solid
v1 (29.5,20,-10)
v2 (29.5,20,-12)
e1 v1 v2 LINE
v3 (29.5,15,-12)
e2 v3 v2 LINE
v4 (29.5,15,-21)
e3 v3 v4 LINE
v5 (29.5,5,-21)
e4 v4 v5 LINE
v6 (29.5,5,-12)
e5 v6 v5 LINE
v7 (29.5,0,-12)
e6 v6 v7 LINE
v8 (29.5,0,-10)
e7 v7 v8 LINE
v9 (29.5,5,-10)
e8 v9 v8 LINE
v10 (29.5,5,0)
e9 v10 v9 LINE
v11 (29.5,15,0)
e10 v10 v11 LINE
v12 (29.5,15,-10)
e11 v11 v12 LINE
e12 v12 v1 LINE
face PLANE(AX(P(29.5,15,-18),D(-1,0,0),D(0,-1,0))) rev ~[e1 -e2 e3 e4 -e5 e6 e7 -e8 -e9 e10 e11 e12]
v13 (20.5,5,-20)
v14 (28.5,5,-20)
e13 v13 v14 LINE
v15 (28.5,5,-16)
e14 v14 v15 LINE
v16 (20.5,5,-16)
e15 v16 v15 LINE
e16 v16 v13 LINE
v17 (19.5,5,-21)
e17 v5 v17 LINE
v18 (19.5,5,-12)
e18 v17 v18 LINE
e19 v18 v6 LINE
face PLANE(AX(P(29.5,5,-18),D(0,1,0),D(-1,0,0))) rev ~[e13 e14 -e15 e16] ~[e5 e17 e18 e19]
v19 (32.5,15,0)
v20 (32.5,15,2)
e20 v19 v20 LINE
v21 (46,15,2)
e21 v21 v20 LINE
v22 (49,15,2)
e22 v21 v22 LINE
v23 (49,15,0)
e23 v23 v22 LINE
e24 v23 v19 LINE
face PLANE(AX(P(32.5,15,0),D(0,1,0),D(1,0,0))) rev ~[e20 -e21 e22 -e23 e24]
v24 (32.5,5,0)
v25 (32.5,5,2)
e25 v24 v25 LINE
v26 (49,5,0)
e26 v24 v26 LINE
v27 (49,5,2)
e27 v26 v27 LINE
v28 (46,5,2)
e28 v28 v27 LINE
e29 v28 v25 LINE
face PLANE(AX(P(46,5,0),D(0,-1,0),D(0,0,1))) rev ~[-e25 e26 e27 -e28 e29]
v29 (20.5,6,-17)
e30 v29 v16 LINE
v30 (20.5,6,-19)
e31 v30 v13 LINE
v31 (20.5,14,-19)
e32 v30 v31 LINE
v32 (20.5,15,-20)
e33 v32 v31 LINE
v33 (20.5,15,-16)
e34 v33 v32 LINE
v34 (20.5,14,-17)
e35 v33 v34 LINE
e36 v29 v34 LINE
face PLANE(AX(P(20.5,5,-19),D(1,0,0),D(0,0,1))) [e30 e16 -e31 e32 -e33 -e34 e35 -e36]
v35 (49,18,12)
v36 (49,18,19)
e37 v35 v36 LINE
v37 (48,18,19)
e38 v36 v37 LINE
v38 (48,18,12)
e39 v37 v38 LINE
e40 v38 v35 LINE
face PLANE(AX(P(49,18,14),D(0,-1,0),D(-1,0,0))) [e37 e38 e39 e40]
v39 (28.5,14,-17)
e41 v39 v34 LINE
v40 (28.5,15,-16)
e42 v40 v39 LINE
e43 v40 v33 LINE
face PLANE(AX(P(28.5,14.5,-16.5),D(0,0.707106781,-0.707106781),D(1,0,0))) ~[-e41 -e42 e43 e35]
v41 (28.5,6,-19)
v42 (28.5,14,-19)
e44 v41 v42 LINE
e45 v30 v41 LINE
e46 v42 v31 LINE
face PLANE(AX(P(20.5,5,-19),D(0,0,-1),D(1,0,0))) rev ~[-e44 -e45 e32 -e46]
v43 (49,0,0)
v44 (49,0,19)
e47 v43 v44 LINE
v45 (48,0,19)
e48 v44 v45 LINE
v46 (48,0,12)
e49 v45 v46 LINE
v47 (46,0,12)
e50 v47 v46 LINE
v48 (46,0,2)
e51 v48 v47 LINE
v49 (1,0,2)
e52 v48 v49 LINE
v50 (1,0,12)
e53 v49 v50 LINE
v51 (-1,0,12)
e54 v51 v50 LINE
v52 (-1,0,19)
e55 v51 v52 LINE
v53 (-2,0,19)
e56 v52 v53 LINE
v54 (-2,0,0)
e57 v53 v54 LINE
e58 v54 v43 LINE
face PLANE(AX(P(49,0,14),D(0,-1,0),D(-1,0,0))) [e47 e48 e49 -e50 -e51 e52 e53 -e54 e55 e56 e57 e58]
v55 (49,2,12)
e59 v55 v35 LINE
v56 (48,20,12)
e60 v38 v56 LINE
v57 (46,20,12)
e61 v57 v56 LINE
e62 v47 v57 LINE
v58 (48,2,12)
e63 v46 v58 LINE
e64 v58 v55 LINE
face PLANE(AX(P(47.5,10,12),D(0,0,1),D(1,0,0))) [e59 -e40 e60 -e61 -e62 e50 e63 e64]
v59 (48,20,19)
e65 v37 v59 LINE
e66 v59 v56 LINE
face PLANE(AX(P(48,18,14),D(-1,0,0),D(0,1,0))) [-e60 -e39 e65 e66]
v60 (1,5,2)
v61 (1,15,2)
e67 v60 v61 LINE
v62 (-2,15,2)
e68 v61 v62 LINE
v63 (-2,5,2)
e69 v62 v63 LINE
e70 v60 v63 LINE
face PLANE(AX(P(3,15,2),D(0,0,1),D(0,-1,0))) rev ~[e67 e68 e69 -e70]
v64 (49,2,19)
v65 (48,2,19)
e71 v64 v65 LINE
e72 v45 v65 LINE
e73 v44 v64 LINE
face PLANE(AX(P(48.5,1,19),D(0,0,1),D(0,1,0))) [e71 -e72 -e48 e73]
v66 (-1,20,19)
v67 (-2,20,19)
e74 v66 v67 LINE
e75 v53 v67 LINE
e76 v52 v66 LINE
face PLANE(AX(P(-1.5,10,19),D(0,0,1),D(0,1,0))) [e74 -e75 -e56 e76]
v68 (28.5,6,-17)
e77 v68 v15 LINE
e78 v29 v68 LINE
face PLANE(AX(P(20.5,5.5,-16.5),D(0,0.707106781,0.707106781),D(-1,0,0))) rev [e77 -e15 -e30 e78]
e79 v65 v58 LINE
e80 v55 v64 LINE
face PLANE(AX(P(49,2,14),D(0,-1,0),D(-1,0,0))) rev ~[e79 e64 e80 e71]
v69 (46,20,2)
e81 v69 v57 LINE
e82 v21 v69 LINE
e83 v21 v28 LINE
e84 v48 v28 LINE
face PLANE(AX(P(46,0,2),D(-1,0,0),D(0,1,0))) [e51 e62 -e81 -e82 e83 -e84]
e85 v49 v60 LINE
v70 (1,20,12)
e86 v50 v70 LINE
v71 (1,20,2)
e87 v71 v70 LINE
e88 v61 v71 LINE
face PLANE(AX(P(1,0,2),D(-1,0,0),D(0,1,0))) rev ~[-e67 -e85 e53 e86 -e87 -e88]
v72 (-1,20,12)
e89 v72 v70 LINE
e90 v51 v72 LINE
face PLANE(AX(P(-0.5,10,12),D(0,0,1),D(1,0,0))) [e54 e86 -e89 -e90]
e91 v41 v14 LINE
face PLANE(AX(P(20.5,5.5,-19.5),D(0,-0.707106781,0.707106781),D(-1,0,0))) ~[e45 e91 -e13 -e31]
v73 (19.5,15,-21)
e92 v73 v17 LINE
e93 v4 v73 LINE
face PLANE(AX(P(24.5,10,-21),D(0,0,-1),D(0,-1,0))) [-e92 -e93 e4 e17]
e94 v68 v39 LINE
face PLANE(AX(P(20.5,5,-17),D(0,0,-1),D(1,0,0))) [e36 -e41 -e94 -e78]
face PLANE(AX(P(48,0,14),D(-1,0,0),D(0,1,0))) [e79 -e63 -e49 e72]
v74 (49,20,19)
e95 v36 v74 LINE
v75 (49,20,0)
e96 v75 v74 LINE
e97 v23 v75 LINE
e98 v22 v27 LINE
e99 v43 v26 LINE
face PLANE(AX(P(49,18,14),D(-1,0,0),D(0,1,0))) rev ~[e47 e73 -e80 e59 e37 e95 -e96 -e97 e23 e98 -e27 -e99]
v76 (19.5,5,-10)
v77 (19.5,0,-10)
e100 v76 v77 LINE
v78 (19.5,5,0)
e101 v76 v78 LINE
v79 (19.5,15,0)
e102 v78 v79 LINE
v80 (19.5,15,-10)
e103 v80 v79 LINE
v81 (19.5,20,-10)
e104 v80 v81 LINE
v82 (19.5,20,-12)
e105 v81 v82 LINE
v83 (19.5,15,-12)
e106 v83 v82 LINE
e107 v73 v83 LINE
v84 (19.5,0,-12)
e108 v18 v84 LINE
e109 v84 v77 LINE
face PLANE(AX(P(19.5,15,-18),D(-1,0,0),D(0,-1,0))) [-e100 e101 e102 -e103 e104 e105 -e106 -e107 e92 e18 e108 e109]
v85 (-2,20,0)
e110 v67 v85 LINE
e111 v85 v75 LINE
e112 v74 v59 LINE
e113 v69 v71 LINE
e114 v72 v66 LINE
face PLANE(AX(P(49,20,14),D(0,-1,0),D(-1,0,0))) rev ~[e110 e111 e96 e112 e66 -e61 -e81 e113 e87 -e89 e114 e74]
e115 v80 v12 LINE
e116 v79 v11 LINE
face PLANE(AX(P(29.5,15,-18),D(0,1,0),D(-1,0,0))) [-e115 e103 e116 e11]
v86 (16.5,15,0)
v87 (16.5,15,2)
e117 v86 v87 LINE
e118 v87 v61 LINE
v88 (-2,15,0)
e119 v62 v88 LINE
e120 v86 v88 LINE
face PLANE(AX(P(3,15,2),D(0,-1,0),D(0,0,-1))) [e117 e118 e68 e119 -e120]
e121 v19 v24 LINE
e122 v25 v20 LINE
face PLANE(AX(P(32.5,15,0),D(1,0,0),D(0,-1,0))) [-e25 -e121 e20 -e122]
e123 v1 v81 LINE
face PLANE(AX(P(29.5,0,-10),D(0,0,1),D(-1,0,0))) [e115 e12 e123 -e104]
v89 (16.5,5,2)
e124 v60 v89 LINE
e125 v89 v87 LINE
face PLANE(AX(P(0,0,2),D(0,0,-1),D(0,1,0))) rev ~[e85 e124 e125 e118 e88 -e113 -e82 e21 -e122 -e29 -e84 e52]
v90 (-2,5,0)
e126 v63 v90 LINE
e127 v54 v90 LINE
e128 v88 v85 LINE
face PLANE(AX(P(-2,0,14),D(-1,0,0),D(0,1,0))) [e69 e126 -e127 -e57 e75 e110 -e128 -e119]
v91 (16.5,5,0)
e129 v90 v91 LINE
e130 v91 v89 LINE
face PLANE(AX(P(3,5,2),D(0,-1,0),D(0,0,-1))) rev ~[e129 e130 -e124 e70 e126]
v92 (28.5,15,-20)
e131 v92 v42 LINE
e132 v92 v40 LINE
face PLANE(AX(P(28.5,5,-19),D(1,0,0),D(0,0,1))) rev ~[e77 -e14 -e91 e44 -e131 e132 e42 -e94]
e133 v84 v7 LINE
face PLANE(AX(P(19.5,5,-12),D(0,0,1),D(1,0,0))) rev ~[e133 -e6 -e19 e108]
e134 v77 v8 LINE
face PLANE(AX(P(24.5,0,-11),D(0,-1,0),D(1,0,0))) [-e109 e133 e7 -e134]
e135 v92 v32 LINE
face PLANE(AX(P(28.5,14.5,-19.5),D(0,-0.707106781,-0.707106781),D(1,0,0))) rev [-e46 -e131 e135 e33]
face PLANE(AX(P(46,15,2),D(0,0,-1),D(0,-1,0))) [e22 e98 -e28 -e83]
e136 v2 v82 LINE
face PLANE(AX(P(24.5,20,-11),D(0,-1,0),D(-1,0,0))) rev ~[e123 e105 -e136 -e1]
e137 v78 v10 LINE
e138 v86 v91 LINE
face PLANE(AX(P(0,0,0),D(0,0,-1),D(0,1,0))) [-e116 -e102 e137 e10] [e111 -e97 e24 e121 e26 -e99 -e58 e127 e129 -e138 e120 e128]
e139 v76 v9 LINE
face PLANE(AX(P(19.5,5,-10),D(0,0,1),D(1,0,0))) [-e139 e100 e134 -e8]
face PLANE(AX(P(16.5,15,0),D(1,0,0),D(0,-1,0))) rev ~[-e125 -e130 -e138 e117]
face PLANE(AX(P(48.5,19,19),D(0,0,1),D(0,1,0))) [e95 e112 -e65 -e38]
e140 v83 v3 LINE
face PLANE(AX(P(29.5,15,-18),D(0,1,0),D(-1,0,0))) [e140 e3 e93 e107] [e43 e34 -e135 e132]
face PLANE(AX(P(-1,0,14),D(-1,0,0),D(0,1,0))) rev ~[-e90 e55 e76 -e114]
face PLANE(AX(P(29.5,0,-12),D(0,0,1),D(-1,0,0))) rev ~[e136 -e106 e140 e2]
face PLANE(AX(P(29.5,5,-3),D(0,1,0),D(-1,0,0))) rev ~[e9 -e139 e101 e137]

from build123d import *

# Parameters (mm, degrees)
SKETCH_W           = 49
SKETCH_H           = 20
PAD_DEPTH          = 2
SKETCH001_W        = 10
SKETCH001_H        = 10
PAD001_DEPTH       = 5
SKETCH002_W        = 13.5
SKETCH002_H        = 10
POCKET_DEPTH       = 5
SKETCH003_W        = 3
SKETCH003_H        = 20
PAD002_DEPTH       = 10
SKETCH004_W        = 1
SKETCH004_H        = 2
PAD003_DEPTH       = 2
PAD003_FACE1_W     = 20
PAD003_FACE1_H     = 2
PAD004_DEPTH       = 2
SKETCH005_W        = 3
SKETCH005_H        = 20
PAD005_DEPTH       = 10
SKETCH006_W        = 1
SKETCH006_H        = 20
PAD006_DEPTH       = 2
PAD006_FACE9_W     = 10
PAD006_FACE9_H     = 2
POCKET001_DEPTH    = 5
SKETCH007_W        = 10
SKETCH007_H        = 2
POCKET002_DEPTH    = 5
POCKET002_FACE22_W = 20
POCKET002_FACE22_H = 1
PAD007_DEPTH       = 5
PAD007_FACE13_W    = 2
PAD007_FACE13_H    = 1
PAD008_DEPTH       = 5
PAD008_FACE22_W    = 2
PAD008_FACE22_H    = 1
PAD009_DEPTH       = 5
PAD009_FACE26_W    = 10
PAD009_FACE26_H    = 10
PAD010_DEPTH       = 15
SKETCH009_W        = 10
SKETCH009_H        = 2
PAD011_DEPTH       = 5
PAD011_FACE29_W    = 10
PAD011_FACE29_H    = 10
PAD012_DEPTH       = 3
SKETCH010_W        = 8
SKETCH010_H        = 2
POCKET003_DEPTH    = 15.001
CHAMFER_SIZE       = 1
CHAMFER_FACE27_W   = 10
CHAMFER_FACE27_H   = 2
PAD013_DEPTH       = 20


with BuildPart() as part:
    # Sketch → Pad (new body)
    with BuildSketch(Plane.XY):
        with Locations((24.5, 10)):
            Rectangle(SKETCH_W, SKETCH_H)
    extrude(amount=PAD_DEPTH)

    # Sketch001 (on Face6 of Pad) → Pad001 (join)
    with BuildSketch(Plane.XY.offset(2)):
        with Locations((24.5, 10)):
            Rectangle(SKETCH001_W, SKETCH001_H)
    extrude(amount=-PAD001_DEPTH)

    # Sketch002 (on Face4 of Pad001) → Pocket (cut)
    with BuildSketch(Plane(origin=(0, 0, 0), x_dir=(1, 0, 0), z_dir=(0, 0, -1))):
        with Locations((39.25, -10)):
            Rectangle(SKETCH002_W, SKETCH002_H)
        with Locations((9.75, -10)):
            Rectangle(SKETCH002_W, SKETCH002_H)
    extrude(amount=-POCKET_DEPTH, mode=Mode.SUBTRACT)

    # Sketch003 (on Face5 of Pocket) → Pad002 (join)
    with BuildSketch(Plane.XY.offset(2)):
        with Locations((47.5, 10)):
            Rectangle(SKETCH003_W, SKETCH003_H)
    extrude(amount=PAD002_DEPTH)

    # Sketch004 (on Face17 of Pad002) → Pad003 (join)
    with BuildSketch(Plane.XY.offset(12)):
        with Locations((48.5, 19)):
            Rectangle(SKETCH004_W, SKETCH004_H)
        with Locations((48.5, 1)):
            Rectangle(SKETCH004_W, SKETCH004_H)
    extrude(amount=PAD003_DEPTH)

    # Pad003 Face1 → Pad004 (add)
    with BuildSketch(Plane(origin=(0, 10, 1), x_dir=(0, 1, 0), z_dir=(-1, 0, 0))):
        Rectangle(PAD003_FACE1_W, PAD003_FACE1_H)
    extrude(amount=PAD004_DEPTH)

    # Sketch005 (on Face26 of Pad004) → Pad005 (join)
    with BuildSketch(Plane.XY.offset(2)):
        with Locations((-0.5, 10)):
            Rectangle(SKETCH005_W, SKETCH005_H)
    extrude(amount=PAD005_DEPTH)

    # Sketch006 (on Face22 of Pad005) → Pad006 (join)
    with BuildSketch(Plane.XY.offset(12)):
        with Locations((-1.5, 10)):
            Rectangle(SKETCH006_W, SKETCH006_H)
    extrude(amount=PAD006_DEPTH)

    # Pad006 Face9 → Pocket001 (cut)
    with BuildSketch(Plane(origin=(3, 10, 1), x_dir=(0, -1, 0), z_dir=(1, 0, 0))):
        Rectangle(PAD006_FACE9_W, PAD006_FACE9_H)
    extrude(amount=-POCKET001_DEPTH, mode=Mode.SUBTRACT)

    # Sketch007 (on Face8 of Pocket001) → Pocket002 (cut)
    with BuildSketch(Plane(origin=(46, 0, 0), x_dir=(0, -1, 0), z_dir=(-1, 0, 0))):
        with Locations((-10, 1)):
            Rectangle(SKETCH007_W, SKETCH007_H)
    extrude(amount=-POCKET002_DEPTH, mode=Mode.SUBTRACT)

    # Pocket002 Face22 → Pad007 (add)
    with BuildSketch(Plane(origin=(-1.5, 10, 14), x_dir=(0, 1, 0), z_dir=(0, 0, 1))):
        Rectangle(POCKET002_FACE22_W, POCKET002_FACE22_H)
    extrude(amount=PAD007_DEPTH)

    # Pad007 Face13 → Pad008 (add)
    with BuildSketch(Plane(origin=(48.5, 1, 14), x_dir=(0, 1, 0), z_dir=(0, 0, 1))):
        Rectangle(PAD007_FACE13_W, PAD007_FACE13_H)
    extrude(amount=PAD008_DEPTH)

    # Pad008 Face22 → Pad009 (add)
    with BuildSketch(Plane(origin=(48.5, 19, 14), x_dir=(0, 1, 0), z_dir=(0, 0, 1))):
        Rectangle(PAD008_FACE22_W, PAD008_FACE22_H)
    extrude(amount=PAD009_DEPTH)

    # Pad009 Face26 → Pad010 (add)
    with BuildSketch(Plane(origin=(24.5, 10, -3), x_dir=(0, -1, 0), z_dir=(0, 0, -1))):
        Rectangle(PAD009_FACE26_W, PAD009_FACE26_H)
    extrude(amount=PAD010_DEPTH)

    # Sketch009 (on Face27 of Pad010) → Pad011 (join)
    with BuildSketch(Plane.XZ.offset(-5)):
        with Locations((24.5, -11)):
            Rectangle(SKETCH009_W, SKETCH009_H)
    extrude(amount=PAD011_DEPTH)

    # Pad011 Face29 → Pad012 (add)
    with BuildSketch(Plane(origin=(24.5, 10, -18), x_dir=(0, -1, 0), z_dir=(0, 0, -1))):
        Rectangle(PAD011_FACE29_W, PAD011_FACE29_H)
    extrude(amount=PAD012_DEPTH)

    # Sketch010 (on Face31 of Pad012) → Pocket003 (cut, through all)
    with BuildSketch(Plane.XZ.offset(-5)):
        with Locations((24.5, -18)):
            Rectangle(SKETCH010_W, SKETCH010_H)
    extrude(amount=-POCKET003_DEPTH, mode=Mode.SUBTRACT)

    # Chamfer
    chamfer_edges = [part.edges().sort_by_distance(p)[0] for p in [
        (24.5, 5, -17),
        (24.5, 5, -19),
        (24.5, 15, -17),
        (24.5, 15, -19),
    ]]
    chamfer(chamfer_edges, length=CHAMFER_SIZE)

    # Chamfer Face27 → Pad013 (add)
    with BuildSketch(Plane(origin=(24.5, 0, -11), x_dir=(-1, 0, 0), z_dir=(0, -1, 0))):
        Rectangle(CHAMFER_FACE27_W, CHAMFER_FACE27_H)
    extrude(amount=-PAD013_DEPTH)


solid = part.part
